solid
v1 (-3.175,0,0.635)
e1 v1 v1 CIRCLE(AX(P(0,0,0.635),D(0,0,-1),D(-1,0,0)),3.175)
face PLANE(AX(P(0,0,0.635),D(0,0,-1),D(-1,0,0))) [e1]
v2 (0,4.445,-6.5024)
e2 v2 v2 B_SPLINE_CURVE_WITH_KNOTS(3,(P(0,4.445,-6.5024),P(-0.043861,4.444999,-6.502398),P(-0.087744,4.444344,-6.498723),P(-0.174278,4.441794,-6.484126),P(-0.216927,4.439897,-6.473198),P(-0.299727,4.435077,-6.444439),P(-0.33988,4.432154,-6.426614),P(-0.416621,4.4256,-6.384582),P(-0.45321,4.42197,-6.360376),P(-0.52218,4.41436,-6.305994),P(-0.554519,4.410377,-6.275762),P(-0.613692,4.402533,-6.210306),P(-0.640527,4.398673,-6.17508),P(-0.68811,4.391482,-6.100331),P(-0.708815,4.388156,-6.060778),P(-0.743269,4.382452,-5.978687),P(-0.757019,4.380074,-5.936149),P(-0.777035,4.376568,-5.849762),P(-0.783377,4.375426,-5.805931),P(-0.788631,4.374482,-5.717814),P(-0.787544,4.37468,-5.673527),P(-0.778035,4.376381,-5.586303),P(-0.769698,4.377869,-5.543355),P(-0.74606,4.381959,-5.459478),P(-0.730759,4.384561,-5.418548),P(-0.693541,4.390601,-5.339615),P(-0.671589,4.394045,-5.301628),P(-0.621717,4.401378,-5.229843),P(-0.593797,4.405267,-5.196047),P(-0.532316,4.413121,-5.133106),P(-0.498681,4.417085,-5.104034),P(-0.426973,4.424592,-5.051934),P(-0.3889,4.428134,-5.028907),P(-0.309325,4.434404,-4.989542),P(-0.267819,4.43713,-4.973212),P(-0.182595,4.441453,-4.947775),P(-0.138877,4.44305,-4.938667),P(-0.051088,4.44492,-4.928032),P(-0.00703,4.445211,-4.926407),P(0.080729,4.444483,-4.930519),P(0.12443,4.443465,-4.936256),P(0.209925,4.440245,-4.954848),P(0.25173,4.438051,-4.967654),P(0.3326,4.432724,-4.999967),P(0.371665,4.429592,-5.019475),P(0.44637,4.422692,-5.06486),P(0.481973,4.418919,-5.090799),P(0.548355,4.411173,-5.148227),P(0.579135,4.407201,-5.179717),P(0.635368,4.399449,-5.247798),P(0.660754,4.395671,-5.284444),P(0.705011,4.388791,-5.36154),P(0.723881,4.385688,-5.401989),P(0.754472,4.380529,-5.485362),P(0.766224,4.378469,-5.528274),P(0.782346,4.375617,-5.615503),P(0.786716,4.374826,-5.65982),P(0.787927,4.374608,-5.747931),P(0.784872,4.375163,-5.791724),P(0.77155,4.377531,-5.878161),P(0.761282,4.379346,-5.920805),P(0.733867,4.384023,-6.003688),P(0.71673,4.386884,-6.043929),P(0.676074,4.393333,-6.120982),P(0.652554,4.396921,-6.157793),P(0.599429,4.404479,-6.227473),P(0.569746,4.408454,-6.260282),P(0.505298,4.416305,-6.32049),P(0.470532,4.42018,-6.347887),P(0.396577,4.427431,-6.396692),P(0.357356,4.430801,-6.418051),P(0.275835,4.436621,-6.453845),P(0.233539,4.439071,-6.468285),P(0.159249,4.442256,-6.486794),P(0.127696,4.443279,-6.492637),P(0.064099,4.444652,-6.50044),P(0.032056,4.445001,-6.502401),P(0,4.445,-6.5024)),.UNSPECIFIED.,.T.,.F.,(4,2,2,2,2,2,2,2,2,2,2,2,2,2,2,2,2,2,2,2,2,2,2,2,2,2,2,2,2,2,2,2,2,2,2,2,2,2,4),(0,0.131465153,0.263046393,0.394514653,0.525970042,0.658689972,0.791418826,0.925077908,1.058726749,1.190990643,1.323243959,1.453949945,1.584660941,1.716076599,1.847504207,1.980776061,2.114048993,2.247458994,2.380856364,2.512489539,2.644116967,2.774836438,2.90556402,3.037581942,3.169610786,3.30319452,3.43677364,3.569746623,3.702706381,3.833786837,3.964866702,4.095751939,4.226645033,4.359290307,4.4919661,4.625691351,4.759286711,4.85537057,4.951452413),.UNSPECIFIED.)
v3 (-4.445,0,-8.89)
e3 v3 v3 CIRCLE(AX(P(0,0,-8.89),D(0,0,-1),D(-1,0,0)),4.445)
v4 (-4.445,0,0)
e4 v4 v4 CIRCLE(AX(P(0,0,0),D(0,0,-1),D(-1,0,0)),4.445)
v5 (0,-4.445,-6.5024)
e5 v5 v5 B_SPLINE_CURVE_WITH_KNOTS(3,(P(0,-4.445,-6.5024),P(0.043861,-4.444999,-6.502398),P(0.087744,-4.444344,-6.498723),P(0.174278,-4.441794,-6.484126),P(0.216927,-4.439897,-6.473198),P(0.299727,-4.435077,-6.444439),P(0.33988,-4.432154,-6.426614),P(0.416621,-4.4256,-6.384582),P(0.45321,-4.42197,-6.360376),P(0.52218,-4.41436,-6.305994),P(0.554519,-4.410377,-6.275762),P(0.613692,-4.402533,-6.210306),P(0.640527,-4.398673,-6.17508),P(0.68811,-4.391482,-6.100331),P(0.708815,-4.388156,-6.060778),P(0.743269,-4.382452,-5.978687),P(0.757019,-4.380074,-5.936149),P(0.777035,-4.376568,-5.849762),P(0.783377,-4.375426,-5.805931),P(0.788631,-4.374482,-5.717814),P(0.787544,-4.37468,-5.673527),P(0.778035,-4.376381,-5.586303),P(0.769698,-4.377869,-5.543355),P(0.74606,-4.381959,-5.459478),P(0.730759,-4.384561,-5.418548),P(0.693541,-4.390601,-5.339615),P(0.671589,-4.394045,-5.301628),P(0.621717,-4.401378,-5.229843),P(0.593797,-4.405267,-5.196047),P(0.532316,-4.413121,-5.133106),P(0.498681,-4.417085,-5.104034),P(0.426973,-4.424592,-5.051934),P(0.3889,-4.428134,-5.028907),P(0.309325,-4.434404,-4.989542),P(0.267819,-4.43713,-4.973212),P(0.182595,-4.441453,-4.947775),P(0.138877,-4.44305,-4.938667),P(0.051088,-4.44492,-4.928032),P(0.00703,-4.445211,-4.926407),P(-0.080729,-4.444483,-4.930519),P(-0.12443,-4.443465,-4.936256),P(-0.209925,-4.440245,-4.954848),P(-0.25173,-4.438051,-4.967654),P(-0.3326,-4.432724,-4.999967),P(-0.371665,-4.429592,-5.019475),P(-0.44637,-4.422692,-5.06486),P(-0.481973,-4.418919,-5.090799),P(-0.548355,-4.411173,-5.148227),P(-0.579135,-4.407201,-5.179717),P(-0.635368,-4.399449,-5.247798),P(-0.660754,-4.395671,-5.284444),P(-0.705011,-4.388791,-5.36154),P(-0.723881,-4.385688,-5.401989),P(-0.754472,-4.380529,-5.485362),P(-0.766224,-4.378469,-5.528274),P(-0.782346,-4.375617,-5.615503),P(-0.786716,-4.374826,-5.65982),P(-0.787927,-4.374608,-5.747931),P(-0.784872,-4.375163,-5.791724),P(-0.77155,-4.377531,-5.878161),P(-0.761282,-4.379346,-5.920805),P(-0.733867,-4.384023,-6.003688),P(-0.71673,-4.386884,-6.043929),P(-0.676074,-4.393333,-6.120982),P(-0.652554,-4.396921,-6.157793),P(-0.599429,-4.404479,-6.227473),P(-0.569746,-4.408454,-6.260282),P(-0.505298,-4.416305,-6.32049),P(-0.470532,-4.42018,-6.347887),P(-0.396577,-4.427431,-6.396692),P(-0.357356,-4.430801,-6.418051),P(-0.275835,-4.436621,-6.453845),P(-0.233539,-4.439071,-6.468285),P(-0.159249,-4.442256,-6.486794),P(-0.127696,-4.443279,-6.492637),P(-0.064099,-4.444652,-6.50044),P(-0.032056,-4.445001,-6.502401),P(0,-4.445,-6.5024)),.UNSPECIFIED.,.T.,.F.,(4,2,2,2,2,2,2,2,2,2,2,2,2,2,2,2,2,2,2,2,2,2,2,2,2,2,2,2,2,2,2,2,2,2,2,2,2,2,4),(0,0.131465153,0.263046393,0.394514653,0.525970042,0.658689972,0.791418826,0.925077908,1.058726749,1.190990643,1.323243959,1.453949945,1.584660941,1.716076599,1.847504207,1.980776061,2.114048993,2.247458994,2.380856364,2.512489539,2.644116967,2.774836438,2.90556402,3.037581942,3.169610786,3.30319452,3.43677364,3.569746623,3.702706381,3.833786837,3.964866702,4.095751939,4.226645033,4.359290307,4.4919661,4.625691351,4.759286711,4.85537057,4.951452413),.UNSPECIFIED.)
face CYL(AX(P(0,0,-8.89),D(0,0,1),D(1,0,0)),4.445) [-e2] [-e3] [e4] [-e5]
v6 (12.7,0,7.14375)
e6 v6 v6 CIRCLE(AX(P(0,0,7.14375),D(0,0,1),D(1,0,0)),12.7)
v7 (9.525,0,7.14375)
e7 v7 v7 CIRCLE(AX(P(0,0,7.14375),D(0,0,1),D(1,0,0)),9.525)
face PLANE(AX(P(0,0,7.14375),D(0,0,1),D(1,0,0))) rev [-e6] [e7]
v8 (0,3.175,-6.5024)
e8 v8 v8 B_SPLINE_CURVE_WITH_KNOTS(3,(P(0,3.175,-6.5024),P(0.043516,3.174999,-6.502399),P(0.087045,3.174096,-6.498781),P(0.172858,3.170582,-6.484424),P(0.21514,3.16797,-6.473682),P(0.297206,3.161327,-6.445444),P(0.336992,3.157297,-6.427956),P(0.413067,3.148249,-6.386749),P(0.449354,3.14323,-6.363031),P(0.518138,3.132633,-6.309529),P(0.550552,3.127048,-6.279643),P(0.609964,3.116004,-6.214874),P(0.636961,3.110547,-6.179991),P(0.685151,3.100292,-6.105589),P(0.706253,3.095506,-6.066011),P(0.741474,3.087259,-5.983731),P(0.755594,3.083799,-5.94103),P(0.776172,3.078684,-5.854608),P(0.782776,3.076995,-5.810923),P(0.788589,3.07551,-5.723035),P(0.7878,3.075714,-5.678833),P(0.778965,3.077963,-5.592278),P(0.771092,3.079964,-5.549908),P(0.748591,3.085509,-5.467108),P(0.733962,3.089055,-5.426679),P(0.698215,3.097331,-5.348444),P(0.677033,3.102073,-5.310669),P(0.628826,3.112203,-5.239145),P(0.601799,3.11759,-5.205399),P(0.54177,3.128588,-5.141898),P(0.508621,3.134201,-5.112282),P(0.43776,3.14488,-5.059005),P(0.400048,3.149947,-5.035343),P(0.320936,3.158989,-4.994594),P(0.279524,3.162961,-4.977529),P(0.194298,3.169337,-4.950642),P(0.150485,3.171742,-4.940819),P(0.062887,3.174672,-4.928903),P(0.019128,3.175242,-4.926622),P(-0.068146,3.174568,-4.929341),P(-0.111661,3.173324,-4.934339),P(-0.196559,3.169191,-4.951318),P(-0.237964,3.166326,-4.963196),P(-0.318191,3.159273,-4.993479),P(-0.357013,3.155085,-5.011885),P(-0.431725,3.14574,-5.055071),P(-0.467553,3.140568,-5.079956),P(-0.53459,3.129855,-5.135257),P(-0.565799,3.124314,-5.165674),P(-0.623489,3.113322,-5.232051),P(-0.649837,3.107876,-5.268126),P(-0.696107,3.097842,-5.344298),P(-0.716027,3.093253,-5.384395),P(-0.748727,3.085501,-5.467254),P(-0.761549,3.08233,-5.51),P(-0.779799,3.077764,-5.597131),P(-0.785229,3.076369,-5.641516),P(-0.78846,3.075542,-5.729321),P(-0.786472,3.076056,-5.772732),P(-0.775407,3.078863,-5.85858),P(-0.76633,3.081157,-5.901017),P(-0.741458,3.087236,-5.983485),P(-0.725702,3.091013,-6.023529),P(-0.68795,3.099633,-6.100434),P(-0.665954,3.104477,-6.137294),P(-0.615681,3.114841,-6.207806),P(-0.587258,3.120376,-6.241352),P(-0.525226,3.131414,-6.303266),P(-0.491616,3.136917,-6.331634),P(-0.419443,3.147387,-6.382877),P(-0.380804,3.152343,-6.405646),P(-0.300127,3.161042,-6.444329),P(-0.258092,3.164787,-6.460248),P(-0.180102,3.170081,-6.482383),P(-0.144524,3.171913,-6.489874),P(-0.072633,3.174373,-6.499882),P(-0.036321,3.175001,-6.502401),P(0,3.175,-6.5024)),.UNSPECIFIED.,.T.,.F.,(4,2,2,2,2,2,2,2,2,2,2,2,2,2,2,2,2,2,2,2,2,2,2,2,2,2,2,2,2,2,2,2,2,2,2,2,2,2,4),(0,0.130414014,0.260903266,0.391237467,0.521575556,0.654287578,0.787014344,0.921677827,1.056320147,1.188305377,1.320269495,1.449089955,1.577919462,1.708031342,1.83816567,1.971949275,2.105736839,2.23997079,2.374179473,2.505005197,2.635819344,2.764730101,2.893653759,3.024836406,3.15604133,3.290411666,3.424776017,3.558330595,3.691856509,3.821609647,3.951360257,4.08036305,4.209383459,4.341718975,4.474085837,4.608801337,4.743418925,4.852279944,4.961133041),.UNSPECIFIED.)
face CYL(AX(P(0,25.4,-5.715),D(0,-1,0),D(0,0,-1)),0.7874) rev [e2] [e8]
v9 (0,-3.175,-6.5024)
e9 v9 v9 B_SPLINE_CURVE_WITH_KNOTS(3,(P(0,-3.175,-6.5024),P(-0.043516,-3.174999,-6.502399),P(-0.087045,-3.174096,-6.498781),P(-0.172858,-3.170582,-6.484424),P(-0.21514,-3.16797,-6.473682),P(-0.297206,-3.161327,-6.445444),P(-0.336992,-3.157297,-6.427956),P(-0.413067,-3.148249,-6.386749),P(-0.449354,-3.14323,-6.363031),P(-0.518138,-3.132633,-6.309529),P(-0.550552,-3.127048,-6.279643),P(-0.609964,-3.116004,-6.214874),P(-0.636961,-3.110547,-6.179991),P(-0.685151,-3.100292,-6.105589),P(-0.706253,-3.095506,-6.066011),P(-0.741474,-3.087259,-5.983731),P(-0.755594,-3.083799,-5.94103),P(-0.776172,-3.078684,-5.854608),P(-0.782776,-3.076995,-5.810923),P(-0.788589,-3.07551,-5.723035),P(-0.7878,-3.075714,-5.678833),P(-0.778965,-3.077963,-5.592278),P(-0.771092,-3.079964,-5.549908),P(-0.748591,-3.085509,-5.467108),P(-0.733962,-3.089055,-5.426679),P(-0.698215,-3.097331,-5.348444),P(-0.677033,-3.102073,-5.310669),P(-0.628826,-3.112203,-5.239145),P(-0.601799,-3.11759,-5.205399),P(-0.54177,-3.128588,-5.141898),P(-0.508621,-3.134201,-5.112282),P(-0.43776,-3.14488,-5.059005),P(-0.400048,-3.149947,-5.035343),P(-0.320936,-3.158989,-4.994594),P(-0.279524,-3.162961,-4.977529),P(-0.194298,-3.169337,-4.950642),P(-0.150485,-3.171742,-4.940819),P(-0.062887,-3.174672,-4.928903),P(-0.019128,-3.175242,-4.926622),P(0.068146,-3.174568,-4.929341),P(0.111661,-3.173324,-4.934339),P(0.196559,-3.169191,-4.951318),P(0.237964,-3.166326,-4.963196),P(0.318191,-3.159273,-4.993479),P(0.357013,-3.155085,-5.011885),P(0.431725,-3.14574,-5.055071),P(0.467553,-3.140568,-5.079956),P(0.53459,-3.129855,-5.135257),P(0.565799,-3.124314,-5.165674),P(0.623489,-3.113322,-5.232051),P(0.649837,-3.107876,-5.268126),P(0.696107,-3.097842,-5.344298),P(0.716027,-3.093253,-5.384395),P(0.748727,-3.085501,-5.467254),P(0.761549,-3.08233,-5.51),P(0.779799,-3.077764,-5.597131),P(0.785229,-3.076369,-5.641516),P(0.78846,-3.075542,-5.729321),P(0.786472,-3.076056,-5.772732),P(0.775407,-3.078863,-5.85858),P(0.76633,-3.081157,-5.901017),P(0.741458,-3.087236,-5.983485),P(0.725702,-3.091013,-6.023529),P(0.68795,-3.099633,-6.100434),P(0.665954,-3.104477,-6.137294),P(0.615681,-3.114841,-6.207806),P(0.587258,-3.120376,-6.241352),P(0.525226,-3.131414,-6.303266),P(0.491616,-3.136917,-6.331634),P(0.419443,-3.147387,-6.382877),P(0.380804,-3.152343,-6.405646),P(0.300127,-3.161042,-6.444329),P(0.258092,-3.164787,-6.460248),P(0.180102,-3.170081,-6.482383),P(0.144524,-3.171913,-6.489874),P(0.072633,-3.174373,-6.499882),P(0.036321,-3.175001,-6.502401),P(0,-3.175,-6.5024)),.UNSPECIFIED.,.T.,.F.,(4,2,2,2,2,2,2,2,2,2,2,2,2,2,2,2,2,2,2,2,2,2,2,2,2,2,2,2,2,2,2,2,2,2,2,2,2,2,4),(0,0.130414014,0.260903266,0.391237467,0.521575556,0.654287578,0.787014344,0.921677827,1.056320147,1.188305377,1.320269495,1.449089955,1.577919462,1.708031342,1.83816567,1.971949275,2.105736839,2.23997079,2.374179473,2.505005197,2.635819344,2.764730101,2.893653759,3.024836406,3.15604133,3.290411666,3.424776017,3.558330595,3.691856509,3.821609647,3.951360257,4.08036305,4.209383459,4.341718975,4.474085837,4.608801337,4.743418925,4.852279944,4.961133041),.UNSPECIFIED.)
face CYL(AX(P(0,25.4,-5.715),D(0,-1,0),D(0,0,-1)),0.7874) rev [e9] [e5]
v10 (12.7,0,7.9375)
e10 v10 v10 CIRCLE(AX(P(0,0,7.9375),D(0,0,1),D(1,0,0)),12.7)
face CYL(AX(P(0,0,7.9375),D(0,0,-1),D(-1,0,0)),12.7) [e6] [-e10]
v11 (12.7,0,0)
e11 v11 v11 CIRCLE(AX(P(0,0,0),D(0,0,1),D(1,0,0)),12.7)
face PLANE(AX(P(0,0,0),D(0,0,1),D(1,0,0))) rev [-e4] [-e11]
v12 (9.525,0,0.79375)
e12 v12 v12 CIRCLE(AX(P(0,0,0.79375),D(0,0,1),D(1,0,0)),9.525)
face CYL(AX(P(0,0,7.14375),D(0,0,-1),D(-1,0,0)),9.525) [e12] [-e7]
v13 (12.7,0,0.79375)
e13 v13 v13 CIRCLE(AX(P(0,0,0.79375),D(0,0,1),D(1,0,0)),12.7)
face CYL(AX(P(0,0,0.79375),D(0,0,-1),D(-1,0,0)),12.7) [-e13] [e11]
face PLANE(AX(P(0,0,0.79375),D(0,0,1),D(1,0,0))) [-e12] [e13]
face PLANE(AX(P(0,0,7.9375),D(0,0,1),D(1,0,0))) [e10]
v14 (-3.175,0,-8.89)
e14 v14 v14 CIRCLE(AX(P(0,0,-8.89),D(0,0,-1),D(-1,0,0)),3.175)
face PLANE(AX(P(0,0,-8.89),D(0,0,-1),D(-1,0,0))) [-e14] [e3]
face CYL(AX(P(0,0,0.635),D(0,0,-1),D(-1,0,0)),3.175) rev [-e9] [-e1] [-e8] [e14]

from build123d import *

# Parameters (mm, degrees)
SKETCH1_R               = 12.7
BOSS_EXTRUDE1_DEPTH     = 0.79375
SKETCH2_R               = 9.525
BOSS_EXTRUDE2_DEPTH     = 6.35
SKETCH3_R               = 12.7
BOSS_EXTRUDE3_DEPTH     = 0.79375
SKETCH4_R               = 4.445
BOSS_EXTRUDE4_DEPTH     = 8.89
SKETCH5_R               = 3.175
CUT_EXTRUDE1_DEPTH      = 9.525
CUT_EXTRUDE2_DEPTH      = 25.4
CUT_EXTRUDE2_DEPTH_BACK = 25.4
SKETCH6_R               = 0.7874


with BuildPart() as part:
    # Sketch1 → Boss-Extrude1 (new body)
    with BuildSketch(Plane.XY):
        Circle(SKETCH1_R)
    extrude(amount=BOSS_EXTRUDE1_DEPTH)

    # Sketch2 → Boss-Extrude2 (add)
    with BuildSketch(Plane.XY.offset(0.79375)):
        Circle(SKETCH2_R)
    extrude(amount=BOSS_EXTRUDE2_DEPTH)

    # Sketch3 → Boss-Extrude3 (add)
    with BuildSketch(Plane.XY.offset(7.14375)):
        Circle(SKETCH3_R)
    extrude(amount=BOSS_EXTRUDE3_DEPTH)

    # Sketch4 → Boss-Extrude4 (add)
    with BuildSketch(Plane(origin=(0, 0, 0), x_dir=(-1, 0, 0), z_dir=(0, 0, -1))):
        Circle(SKETCH4_R)
    extrude(amount=BOSS_EXTRUDE4_DEPTH)

    # Sketch5 → Cut-Extrude1 (cut)
    with BuildSketch(Plane(origin=(0, 0, -8.89), x_dir=(-1, 0, 0), z_dir=(0, 0, -1))):
        Circle(SKETCH5_R)
    extrude(amount=-CUT_EXTRUDE1_DEPTH, mode=Mode.SUBTRACT)

    # Sketch6 → Cut-Extrude2 (cut, two sides: drawn at the far end of the back side and taken through both)
    with BuildSketch(Plane(origin=(0, 0, 0), x_dir=(1, 0, 0), z_dir=(0, 1, 0)).offset(-CUT_EXTRUDE2_DEPTH_BACK)):
        with Locations((0, 5.715)):
            Circle(SKETCH6_R)
    extrude(amount=CUT_EXTRUDE2_DEPTH + CUT_EXTRUDE2_DEPTH_BACK, mode=Mode.SUBTRACT)


solid = part.part
